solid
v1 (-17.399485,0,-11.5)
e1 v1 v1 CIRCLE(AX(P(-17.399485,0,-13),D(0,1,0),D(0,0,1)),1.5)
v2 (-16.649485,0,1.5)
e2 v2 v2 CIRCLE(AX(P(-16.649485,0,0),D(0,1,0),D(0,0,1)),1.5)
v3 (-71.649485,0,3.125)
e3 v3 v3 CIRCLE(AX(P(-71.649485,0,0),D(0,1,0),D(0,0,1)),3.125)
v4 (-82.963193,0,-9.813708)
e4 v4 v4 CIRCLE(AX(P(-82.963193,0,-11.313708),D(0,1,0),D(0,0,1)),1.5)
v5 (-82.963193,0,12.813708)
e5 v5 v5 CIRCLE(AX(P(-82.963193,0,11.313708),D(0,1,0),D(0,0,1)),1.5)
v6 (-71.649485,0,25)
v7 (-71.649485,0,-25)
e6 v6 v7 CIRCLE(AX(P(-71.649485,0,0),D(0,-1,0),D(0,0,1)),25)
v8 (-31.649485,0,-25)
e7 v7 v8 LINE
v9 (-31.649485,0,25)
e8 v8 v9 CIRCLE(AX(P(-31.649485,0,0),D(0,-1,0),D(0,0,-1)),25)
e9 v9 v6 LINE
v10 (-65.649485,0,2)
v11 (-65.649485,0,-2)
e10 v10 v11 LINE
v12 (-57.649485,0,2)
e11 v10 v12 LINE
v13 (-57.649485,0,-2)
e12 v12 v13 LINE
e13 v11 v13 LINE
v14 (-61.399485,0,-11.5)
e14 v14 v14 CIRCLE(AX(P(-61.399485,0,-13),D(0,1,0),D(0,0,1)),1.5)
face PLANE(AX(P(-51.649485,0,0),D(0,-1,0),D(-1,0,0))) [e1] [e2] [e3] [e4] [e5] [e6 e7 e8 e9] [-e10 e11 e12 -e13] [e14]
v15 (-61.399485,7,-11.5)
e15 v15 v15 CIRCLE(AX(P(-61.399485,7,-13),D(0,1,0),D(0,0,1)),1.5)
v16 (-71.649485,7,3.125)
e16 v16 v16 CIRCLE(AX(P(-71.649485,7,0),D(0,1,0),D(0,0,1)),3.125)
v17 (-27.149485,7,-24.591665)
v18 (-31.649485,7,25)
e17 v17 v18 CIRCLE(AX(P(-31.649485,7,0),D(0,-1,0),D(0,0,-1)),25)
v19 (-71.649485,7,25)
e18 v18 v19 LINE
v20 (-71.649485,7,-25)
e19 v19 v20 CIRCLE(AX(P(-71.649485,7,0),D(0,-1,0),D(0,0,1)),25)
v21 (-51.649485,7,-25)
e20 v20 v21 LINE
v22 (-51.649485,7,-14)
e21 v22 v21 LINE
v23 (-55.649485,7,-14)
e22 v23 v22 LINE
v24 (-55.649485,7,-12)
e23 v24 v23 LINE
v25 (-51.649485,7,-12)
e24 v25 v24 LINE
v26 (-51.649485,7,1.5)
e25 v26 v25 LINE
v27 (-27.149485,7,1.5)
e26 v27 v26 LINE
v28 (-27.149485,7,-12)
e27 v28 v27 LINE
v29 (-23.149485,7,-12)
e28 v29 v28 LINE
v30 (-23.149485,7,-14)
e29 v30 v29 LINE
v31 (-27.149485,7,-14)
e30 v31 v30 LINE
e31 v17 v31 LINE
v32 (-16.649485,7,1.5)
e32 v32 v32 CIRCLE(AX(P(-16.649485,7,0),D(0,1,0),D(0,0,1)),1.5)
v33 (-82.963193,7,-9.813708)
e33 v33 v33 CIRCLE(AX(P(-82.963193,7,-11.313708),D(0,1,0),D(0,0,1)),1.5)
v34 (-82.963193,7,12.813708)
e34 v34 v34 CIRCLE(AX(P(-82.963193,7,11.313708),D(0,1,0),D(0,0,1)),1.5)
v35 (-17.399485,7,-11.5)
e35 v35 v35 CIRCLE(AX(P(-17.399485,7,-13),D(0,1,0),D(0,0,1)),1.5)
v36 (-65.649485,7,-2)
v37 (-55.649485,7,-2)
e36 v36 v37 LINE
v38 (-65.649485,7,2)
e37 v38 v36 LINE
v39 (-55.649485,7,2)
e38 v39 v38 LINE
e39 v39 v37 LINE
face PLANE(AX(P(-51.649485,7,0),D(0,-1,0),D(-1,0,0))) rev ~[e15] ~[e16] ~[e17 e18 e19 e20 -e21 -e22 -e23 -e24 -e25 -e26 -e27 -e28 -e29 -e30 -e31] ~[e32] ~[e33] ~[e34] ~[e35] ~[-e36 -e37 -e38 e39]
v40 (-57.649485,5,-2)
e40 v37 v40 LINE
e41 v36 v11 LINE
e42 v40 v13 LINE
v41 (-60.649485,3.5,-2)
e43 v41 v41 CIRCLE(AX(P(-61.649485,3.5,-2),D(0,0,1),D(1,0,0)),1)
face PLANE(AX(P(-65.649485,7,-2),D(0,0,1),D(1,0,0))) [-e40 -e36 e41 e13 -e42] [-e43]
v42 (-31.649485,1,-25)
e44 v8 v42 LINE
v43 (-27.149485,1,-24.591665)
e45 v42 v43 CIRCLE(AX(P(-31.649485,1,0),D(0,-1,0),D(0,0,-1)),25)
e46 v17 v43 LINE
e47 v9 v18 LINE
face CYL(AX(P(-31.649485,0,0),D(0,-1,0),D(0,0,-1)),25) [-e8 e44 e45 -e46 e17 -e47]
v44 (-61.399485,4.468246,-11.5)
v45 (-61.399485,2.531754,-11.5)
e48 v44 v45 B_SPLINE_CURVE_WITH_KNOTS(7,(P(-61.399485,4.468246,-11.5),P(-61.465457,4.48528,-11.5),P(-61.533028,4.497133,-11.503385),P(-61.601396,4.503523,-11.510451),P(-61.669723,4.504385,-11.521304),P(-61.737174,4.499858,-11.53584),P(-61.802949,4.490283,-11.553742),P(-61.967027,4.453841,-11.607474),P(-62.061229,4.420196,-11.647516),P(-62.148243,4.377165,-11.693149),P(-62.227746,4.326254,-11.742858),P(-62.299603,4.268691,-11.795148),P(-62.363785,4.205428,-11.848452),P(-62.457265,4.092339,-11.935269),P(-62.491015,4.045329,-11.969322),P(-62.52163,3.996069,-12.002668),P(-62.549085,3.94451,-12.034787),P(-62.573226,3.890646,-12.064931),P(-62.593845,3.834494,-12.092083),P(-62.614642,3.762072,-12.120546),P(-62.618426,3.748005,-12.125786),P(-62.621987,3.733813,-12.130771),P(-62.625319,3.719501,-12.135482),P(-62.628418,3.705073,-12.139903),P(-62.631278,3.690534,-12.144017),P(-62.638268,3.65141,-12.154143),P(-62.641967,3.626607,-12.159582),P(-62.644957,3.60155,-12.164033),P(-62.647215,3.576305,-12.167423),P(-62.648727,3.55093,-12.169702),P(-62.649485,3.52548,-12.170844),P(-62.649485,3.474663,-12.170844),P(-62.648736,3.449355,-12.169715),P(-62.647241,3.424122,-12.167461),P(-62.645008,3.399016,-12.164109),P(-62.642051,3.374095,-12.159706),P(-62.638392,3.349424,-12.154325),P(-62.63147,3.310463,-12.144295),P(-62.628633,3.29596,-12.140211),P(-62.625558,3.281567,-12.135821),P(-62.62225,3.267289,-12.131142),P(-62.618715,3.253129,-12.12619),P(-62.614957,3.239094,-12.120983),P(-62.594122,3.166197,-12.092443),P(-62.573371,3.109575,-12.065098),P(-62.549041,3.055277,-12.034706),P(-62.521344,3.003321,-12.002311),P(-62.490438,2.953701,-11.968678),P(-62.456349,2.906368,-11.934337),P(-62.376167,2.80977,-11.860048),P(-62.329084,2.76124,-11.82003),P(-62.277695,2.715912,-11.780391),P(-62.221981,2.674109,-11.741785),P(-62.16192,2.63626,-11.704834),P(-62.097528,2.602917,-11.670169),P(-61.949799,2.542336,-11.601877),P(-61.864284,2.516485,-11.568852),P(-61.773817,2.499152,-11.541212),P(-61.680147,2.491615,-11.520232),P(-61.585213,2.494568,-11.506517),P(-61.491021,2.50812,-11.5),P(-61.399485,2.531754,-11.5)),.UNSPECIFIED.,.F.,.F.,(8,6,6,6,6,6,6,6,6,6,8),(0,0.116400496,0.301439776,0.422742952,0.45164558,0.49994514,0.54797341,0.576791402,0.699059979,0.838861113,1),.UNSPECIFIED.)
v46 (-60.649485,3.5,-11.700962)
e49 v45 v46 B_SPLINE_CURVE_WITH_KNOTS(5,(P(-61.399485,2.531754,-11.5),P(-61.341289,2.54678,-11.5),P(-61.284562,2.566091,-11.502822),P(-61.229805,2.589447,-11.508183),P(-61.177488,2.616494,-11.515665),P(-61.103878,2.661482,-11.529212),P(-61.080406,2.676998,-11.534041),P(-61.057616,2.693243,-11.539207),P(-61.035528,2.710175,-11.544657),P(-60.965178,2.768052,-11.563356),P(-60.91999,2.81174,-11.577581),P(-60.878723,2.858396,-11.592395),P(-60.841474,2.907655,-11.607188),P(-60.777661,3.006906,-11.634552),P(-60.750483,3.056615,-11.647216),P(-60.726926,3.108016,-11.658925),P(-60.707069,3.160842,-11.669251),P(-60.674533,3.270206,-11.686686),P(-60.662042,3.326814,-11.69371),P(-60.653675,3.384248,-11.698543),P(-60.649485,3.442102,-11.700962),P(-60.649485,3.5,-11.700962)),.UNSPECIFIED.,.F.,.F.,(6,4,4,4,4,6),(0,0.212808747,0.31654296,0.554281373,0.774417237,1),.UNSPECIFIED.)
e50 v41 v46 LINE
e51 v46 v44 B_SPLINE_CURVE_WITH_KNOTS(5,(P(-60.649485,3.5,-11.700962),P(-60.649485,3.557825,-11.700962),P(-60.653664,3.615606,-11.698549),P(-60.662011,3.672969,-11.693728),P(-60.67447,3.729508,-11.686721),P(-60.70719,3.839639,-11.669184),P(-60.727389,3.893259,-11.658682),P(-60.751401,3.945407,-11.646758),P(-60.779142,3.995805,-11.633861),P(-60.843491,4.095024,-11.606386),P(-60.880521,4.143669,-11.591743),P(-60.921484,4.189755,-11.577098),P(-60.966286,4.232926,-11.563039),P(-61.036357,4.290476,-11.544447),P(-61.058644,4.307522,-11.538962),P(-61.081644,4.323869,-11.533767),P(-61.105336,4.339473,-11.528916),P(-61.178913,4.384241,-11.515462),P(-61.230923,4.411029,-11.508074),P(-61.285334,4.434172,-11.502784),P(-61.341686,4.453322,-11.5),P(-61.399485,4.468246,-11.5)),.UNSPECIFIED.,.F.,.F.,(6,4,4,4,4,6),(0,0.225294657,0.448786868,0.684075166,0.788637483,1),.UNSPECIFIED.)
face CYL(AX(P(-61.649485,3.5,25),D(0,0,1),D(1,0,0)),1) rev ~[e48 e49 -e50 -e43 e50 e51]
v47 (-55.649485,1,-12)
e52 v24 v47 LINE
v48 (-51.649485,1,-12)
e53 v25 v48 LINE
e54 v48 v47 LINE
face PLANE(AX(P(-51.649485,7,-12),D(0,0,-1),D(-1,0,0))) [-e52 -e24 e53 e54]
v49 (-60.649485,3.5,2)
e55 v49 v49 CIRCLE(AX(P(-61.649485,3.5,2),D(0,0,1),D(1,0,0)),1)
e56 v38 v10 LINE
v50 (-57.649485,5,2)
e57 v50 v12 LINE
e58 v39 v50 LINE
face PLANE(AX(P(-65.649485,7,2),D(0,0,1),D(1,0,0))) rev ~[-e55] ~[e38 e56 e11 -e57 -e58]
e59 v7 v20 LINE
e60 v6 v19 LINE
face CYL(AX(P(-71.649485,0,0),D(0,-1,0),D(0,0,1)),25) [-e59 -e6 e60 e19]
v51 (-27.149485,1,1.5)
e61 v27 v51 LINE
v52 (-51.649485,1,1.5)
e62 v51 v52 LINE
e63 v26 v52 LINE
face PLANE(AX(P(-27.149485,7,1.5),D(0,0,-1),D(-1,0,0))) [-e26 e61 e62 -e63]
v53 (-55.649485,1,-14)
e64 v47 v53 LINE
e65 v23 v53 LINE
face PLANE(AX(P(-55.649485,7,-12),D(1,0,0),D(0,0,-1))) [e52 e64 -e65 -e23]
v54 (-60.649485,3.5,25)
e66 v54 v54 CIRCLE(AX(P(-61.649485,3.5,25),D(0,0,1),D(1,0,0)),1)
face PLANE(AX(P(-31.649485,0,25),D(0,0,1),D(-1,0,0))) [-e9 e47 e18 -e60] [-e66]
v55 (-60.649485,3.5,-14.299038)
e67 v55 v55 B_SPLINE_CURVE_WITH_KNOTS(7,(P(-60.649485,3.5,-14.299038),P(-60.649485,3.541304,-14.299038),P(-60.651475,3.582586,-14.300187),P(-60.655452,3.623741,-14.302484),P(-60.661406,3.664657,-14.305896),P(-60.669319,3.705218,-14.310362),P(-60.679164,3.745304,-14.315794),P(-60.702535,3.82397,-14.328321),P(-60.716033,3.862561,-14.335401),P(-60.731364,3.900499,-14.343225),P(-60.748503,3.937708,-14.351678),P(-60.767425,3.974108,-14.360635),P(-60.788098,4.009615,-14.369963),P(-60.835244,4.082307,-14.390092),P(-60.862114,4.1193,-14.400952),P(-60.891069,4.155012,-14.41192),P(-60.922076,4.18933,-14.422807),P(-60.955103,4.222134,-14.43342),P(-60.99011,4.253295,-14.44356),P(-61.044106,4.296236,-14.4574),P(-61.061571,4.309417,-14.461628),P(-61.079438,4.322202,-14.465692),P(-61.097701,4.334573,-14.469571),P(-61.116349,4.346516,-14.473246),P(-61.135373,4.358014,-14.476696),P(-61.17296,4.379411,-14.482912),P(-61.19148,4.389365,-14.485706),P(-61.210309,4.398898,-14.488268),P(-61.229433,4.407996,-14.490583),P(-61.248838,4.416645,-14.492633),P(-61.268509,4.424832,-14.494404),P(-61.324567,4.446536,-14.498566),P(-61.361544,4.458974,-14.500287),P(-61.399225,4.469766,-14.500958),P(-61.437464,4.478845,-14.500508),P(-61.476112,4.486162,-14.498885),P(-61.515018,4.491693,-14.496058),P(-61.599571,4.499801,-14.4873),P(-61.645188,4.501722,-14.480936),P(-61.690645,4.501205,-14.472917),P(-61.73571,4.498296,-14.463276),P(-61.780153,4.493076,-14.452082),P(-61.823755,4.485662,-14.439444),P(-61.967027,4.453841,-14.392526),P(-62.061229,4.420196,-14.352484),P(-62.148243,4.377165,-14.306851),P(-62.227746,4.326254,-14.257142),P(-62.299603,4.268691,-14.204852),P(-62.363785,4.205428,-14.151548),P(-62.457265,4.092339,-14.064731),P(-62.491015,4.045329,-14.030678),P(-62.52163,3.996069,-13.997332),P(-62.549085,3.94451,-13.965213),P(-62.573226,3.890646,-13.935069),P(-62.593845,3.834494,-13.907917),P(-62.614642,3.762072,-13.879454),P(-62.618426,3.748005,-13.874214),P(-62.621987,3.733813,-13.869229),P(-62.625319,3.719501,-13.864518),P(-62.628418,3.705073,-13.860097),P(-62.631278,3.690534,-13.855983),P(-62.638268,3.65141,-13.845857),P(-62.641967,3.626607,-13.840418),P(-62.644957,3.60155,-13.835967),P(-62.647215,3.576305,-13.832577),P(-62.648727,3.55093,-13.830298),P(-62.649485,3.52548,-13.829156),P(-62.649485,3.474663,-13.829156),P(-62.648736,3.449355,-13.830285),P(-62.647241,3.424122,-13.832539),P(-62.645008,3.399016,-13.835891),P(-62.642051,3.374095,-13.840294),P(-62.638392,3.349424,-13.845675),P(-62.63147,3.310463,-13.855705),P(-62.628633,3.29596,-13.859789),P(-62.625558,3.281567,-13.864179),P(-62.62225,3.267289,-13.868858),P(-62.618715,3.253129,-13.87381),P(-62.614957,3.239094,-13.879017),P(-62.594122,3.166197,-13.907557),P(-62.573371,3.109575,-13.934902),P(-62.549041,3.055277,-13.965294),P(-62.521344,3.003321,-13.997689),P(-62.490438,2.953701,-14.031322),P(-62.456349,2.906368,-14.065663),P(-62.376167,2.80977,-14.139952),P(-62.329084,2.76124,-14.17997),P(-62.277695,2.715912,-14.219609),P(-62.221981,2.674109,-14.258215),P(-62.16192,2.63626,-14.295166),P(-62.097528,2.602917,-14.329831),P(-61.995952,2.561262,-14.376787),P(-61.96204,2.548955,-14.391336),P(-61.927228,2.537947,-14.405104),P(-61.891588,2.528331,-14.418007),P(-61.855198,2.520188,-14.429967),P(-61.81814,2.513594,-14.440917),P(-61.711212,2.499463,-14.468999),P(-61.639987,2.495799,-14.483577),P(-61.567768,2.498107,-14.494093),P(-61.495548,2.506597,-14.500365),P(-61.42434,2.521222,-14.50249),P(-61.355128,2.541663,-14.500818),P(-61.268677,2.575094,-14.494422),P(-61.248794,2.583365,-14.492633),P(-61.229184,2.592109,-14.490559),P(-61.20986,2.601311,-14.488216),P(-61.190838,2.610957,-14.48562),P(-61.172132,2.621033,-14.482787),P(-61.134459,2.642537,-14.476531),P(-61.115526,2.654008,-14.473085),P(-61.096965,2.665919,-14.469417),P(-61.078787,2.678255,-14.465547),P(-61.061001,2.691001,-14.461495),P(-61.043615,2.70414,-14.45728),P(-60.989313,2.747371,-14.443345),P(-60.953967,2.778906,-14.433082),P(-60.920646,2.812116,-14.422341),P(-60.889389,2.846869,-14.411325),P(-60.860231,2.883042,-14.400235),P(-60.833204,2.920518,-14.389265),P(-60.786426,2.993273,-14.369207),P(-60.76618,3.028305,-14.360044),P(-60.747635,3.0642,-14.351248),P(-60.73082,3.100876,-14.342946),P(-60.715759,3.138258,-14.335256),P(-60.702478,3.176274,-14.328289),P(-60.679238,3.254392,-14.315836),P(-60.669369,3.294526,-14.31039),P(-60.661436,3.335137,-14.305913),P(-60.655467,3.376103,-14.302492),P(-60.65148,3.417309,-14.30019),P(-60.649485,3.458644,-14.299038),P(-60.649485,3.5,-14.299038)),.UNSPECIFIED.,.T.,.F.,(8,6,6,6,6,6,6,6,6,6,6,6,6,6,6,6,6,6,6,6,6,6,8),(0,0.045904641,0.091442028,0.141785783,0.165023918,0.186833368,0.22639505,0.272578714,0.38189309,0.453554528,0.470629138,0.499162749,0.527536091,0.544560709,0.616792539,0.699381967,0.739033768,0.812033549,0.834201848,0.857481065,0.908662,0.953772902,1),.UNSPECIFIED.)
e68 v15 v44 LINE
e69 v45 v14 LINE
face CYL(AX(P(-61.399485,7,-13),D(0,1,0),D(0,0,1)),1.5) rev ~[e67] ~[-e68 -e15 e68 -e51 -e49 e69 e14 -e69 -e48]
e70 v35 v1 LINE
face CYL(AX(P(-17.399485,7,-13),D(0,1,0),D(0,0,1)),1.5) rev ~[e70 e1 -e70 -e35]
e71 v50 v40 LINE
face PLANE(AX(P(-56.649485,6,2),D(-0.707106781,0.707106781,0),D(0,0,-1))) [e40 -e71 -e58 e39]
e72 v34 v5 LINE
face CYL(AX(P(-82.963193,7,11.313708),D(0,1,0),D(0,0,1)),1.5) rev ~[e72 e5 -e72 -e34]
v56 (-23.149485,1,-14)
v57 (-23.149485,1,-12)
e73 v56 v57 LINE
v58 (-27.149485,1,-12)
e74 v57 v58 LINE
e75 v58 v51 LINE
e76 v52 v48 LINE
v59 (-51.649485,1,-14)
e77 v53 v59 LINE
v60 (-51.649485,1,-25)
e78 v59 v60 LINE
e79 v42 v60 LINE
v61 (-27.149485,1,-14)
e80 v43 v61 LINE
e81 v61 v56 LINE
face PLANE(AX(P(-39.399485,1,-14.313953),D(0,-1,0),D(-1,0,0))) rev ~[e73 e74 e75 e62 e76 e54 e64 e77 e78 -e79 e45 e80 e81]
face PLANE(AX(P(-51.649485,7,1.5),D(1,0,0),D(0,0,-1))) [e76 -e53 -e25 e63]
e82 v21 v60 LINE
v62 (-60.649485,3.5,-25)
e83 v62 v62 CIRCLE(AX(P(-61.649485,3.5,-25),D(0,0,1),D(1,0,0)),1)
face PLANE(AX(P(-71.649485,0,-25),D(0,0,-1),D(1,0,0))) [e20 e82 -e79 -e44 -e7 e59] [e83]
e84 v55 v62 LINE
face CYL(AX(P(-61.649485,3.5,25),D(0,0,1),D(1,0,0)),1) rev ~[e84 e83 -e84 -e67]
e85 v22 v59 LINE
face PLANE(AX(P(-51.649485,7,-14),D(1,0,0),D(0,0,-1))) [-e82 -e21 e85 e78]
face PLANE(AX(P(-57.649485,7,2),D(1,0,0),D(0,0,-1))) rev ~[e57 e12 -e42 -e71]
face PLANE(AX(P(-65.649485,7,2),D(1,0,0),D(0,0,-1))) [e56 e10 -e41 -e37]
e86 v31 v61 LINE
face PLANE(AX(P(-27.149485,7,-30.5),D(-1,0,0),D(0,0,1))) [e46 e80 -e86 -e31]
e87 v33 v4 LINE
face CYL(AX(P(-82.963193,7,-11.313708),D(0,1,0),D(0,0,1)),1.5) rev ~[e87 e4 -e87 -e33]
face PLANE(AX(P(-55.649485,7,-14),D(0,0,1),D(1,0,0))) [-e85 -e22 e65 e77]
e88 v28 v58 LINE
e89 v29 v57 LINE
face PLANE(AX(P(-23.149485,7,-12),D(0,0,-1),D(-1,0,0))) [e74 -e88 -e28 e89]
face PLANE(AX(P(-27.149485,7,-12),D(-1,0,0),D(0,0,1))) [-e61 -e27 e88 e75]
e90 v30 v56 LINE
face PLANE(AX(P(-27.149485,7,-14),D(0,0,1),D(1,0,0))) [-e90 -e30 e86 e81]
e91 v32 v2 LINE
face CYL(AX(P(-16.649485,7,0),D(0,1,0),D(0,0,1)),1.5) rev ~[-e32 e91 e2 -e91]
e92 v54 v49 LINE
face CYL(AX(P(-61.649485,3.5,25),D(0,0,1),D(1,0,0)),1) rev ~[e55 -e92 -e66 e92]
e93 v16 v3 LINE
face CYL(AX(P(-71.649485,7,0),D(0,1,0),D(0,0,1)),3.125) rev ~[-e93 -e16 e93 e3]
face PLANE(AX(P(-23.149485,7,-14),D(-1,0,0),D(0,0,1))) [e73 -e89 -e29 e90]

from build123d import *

# Parameters (mm, degrees)
BOSS_EXTRU_1_DEPTH      = 7
ESQUISSE2_R             = 3.125
ENL_V_MAT_EXTRU_1_DEPTH = 7
ENL_V_MAT_EXTRU_2_DEPTH = 6
ENL_V_MAT_EXTRU_3_REACH = 102.076
ESQUISSE4_W             = 8
ESQUISSE4_H             = 4
CHANFREIN1_SIZE         = 2
ESQUISSE5_R             = 1
ENL_V_MAT_EXTRU_4_DEPTH = 110.041839956
ESQUISSE7_R             = 1.5
ENL_V_MAT_EXTRU_6_DEPTH = 8


with BuildPart() as part:
    # Esquisse1 → Boss.-Extru.1 (new body)
    with BuildSketch(Plane(origin=(0, 0, 0), x_dir=(1, 0, 0), z_dir=(0, 1, 0))):
        with BuildLine():
            Line((-71.649484536, 25), (-31.649484536, 25))
            ThreePointArc((-31.649484536, 25), (-6.649484536, 0), (-31.649484536, -25))
            Line((-31.649484536, -25), (-71.649484536, -25))
            ThreePointArc((-71.649484536, -25), (-96.649484536, 0), (-71.649484536, 25))
        make_face()
    extrude(amount=BOSS_EXTRU_1_DEPTH)

    # Esquisse2 → Enlèv. mat.-Extru.1 (cut)
    with BuildSketch(Plane(origin=(0, 7, 0), x_dir=(1, 0, 0), z_dir=(0, 1, 0))):
        with Locations(Location((-71.649484536, 0, 0), (0, 0, 270))):
            Circle(ESQUISSE2_R)
    extrude(amount=-ENL_V_MAT_EXTRU_1_DEPTH, mode=Mode.SUBTRACT)

    # Esquisse3 → Enlèv. mat.-Extru.2 (cut)
    with BuildSketch(Plane(origin=(0, 7, 0), x_dir=(1, 0, 0), z_dir=(0, 1, 0))):
        Polygon((-51.649484536, 30.5), (-27.149484536, 30.5), (-27.149484536, 14), (-23.149484536, 14), (-23.149484536, 12), (-27.149484536, 12), (-27.149484536, -1.5), (-51.649484536, -1.5), (-51.649484536, 12), (-55.649484536, 12), (-55.649484536, 14), (-51.649484536, 14), align=None)
    extrude(amount=-ENL_V_MAT_EXTRU_2_DEPTH, mode=Mode.SUBTRACT)

    # Esquisse4 → Enlèv. mat.-Extru.3 (cut, up to next)
    with BuildSketch(Plane(origin=(0, 7, 0), x_dir=(1, 0, 0), z_dir=(0, 1, 0)), mode=Mode.PRIVATE) as enl_v_mat_extru_3_sk1:
        with Locations((-61.649484536, 0)):
            Rectangle(ESQUISSE4_W, ESQUISSE4_H)
    enl_v_mat_extru_3_tool1 = extrude(enl_v_mat_extru_3_sk1.sketch, amount=-ENL_V_MAT_EXTRU_3_REACH, mode=Mode.PRIVATE) & part.part
    add(enl_v_mat_extru_3_tool1.solids().sort_by_distance((-61.649485, 7, 0))[0], mode=Mode.SUBTRACT)

    # Chanfrein1
    chanfrein1_edges = [part.edges().sort_by_distance(p)[0] for p in [
        (-57.649484536, 7, 0),
    ]]
    chamfer(chanfrein1_edges, length=CHANFREIN1_SIZE)

    # Esquisse5 → Enlèv. mat.-Extru.4 (cut, through all)
    with BuildSketch(Plane.XY.offset(25)):
        with Locations((-61.649484536, 3.5)):
            Circle(ESQUISSE5_R)
    extrude(amount=-ENL_V_MAT_EXTRU_4_DEPTH, mode=Mode.SUBTRACT)

    # Esquisse7 → Enlèv. mat.-Extru.6 (cut)
    with BuildSketch(Plane(origin=(0, 7, 0), x_dir=(1, 0, 0), z_dir=(0, 1, 0))):
        with Locations(Location((-16.649484536, 0, 0), (0, 0, 270))):
            Circle(ESQUISSE7_R)
        with Locations(Location((-82.963193035, 11.313708499, 0), (0, 0, 270))):
            Circle(ESQUISSE7_R)
        with Locations(Location((-82.963193035, -11.313708499, 0), (0, 0, 270))):
            Circle(ESQUISSE7_R)
        with Locations(Location((-61.399484536, 13, 0), (0, 0, 270))):
            Circle(ESQUISSE7_R)
        with Locations(Location((-17.399484536, 13, 0), (0, 0, 270))):
            Circle(ESQUISSE7_R)
    extrude(amount=-ENL_V_MAT_EXTRU_6_DEPTH, mode=Mode.SUBTRACT)


solid = part.part
